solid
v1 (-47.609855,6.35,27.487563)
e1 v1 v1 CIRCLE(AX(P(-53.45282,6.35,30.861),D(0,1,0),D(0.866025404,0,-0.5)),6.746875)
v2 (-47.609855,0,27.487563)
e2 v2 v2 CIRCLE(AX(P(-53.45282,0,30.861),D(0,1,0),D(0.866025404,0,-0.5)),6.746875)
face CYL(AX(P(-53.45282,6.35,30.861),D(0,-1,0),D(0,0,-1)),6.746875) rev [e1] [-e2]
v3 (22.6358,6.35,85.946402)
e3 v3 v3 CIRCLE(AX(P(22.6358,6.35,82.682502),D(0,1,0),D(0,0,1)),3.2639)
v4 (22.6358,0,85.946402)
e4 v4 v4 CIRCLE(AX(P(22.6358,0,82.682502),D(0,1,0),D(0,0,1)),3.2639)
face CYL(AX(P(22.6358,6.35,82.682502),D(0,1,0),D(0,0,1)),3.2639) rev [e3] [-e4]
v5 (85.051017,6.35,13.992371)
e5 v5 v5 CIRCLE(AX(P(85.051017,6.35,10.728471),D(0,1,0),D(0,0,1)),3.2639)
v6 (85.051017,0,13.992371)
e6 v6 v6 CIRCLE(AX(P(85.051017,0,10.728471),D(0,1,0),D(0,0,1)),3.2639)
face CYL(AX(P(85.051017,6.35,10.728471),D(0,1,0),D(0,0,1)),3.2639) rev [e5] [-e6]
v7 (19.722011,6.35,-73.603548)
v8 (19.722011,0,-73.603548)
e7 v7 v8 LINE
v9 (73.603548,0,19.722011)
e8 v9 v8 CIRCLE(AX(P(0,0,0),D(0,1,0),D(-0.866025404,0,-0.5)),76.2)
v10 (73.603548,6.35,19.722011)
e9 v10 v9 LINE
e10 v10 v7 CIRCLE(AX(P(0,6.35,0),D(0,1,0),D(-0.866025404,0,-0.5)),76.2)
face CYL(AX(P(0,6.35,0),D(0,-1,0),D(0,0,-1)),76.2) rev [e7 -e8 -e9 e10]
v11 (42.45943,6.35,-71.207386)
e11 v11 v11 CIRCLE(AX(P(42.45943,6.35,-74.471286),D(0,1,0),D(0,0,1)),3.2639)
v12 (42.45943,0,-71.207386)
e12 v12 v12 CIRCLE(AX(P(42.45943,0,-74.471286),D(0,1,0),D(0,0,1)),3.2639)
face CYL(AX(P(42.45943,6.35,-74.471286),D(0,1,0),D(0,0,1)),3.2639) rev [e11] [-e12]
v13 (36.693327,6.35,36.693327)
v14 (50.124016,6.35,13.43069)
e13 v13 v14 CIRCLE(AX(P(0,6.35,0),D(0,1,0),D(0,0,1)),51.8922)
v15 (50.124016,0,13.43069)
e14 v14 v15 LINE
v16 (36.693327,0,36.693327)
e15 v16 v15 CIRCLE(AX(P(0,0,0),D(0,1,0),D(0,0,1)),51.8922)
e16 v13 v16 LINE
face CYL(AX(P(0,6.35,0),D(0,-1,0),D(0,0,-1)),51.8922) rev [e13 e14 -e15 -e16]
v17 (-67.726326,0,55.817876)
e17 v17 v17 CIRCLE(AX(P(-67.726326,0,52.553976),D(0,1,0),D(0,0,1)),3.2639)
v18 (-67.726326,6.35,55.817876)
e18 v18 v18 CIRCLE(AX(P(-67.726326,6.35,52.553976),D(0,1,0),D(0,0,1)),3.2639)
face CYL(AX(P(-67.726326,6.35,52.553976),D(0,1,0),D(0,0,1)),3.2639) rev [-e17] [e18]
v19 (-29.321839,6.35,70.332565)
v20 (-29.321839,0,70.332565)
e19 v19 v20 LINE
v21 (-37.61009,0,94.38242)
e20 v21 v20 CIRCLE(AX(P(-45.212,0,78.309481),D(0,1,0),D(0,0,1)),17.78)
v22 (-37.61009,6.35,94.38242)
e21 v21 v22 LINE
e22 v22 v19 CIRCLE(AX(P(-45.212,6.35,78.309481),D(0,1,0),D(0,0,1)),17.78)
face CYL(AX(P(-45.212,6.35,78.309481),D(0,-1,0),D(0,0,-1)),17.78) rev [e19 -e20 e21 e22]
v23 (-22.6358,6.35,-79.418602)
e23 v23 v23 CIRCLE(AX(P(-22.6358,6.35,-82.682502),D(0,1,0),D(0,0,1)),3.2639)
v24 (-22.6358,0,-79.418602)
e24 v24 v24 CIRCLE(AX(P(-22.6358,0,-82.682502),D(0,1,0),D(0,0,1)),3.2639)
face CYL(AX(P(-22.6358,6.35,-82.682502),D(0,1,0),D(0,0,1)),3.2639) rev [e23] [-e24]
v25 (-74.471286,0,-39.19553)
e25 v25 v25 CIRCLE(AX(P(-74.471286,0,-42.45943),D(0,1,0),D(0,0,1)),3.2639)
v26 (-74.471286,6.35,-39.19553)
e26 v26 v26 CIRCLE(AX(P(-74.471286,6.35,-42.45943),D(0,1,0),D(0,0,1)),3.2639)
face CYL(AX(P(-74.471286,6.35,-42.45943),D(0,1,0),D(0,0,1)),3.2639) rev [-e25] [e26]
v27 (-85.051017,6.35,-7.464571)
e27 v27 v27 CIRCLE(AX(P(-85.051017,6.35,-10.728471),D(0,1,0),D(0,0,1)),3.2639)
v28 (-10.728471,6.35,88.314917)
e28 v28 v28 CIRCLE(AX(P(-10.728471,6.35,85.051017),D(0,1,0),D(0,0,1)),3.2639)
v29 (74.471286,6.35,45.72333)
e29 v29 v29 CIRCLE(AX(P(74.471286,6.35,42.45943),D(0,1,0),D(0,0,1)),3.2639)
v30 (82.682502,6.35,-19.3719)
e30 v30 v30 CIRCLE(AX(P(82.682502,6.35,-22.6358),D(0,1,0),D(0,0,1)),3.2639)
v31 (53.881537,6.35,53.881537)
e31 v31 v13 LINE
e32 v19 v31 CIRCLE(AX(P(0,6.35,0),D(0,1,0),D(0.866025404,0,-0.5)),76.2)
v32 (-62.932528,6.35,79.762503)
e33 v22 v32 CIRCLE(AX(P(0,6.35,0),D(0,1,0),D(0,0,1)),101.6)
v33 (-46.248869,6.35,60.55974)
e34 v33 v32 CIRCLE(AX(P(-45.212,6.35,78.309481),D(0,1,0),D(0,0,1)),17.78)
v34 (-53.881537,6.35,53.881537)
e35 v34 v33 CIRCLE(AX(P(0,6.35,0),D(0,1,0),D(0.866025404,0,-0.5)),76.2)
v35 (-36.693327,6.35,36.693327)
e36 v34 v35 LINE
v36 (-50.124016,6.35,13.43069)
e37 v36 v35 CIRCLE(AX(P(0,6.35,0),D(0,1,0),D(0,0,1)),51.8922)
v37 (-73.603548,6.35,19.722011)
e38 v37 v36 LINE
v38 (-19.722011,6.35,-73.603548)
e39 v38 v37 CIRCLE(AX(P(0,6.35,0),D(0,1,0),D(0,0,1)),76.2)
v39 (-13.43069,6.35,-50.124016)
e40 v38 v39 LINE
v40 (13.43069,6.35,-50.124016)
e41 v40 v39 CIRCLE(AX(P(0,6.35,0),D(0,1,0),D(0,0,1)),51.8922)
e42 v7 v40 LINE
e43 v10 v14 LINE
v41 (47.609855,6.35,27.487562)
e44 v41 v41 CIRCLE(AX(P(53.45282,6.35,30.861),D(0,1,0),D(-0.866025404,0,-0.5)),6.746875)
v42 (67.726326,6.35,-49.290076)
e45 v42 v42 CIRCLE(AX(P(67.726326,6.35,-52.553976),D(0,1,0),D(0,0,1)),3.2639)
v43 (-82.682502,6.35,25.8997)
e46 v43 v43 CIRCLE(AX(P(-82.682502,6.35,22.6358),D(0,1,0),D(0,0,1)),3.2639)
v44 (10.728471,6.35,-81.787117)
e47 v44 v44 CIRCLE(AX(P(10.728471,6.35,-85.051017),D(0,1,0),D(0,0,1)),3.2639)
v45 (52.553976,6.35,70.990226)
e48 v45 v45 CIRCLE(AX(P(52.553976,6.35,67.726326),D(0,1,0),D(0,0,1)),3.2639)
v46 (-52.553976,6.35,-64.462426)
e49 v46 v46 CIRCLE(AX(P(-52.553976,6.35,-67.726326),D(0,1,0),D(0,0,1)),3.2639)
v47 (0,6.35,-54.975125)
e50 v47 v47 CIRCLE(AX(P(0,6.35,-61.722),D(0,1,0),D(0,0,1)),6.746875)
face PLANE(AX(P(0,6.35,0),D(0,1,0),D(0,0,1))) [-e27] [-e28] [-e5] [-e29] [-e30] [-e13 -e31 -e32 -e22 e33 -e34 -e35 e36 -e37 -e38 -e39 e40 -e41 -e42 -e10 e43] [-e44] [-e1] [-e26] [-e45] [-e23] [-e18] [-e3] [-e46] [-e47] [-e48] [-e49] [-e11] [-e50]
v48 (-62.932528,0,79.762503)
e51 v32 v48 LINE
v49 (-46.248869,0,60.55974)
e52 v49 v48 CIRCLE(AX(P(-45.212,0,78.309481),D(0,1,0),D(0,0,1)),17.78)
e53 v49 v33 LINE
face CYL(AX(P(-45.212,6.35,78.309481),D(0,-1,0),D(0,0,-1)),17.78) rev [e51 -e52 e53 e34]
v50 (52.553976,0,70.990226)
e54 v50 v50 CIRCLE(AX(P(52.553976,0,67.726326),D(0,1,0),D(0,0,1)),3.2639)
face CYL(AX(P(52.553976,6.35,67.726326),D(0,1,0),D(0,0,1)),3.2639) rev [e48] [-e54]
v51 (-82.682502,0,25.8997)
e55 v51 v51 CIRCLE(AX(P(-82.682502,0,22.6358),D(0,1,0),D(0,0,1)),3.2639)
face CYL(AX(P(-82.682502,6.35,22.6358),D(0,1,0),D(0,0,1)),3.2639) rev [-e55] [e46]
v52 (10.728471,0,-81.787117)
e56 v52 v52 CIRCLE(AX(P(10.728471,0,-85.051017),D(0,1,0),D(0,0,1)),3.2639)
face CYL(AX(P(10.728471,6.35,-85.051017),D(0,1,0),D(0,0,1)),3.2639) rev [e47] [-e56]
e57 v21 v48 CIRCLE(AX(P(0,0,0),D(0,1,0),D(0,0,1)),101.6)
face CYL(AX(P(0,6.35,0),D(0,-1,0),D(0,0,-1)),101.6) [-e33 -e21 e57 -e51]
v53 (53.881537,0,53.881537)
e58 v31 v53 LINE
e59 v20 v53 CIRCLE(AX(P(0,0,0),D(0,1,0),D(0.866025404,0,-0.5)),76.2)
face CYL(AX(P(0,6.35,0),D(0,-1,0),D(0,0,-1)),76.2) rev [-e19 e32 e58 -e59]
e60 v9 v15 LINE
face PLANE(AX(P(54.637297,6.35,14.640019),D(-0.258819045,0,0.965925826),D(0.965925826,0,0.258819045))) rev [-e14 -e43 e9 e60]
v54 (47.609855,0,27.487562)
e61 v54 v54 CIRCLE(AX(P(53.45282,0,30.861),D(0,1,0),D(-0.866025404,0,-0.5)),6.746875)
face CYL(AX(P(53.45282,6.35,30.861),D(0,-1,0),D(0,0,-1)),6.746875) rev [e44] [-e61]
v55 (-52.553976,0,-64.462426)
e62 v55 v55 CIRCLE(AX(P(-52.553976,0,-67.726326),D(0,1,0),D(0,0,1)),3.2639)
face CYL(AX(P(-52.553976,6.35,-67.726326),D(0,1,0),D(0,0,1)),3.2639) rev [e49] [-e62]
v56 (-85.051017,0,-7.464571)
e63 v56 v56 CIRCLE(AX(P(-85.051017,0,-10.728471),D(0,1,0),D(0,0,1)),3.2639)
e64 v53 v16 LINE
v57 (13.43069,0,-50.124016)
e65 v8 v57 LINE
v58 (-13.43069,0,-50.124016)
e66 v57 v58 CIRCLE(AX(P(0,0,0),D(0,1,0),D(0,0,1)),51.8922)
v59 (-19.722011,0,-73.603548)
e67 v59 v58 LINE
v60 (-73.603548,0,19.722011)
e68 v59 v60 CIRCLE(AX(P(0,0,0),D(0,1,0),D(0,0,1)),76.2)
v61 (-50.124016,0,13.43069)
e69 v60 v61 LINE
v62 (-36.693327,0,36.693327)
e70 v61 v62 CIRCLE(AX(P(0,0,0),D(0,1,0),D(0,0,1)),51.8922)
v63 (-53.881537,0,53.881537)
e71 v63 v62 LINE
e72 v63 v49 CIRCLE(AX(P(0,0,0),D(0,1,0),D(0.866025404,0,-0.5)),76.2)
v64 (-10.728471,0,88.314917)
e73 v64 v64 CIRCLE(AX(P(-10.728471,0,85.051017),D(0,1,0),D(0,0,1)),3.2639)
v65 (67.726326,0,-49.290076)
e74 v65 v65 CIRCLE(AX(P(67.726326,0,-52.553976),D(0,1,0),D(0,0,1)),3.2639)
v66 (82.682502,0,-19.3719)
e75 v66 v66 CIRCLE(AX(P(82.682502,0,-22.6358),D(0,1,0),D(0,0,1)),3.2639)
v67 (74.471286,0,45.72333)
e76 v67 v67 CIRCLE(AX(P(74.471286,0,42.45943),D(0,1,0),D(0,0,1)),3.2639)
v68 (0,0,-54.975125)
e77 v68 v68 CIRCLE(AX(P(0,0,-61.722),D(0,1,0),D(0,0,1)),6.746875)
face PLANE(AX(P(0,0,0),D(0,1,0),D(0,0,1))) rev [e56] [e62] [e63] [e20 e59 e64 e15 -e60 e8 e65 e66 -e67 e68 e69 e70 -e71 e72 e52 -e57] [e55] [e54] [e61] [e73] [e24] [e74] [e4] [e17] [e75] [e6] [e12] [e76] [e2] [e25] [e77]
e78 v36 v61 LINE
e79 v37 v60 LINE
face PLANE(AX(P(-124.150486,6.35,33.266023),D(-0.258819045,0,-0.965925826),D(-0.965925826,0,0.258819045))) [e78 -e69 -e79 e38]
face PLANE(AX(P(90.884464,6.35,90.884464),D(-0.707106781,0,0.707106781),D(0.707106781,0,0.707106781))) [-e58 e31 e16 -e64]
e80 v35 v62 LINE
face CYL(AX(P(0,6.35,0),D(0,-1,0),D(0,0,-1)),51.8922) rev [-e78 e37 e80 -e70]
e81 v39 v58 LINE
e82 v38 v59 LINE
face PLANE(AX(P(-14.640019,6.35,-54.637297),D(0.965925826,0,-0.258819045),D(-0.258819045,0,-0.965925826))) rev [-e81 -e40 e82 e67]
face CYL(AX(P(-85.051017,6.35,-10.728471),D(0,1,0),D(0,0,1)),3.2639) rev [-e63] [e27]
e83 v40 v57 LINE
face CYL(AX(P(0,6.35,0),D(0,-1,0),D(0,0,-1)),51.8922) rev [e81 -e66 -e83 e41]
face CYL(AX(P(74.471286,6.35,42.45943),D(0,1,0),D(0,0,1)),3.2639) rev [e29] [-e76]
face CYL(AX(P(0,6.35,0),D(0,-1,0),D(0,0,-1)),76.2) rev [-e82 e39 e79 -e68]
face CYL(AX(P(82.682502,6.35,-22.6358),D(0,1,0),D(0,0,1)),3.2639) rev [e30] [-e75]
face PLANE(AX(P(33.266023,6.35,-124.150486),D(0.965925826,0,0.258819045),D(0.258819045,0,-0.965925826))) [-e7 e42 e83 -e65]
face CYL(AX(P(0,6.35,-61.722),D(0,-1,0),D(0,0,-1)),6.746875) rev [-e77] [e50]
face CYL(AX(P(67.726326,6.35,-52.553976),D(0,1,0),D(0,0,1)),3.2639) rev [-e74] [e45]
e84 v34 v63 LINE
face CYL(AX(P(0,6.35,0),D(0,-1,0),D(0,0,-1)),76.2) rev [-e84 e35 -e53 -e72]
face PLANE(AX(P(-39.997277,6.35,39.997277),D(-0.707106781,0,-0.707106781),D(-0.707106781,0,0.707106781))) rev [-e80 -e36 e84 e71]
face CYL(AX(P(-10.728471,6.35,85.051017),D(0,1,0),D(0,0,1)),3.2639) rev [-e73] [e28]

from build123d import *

# Parameters (mm, degrees)
SKETCH1_R          = 101.6
EXTRUDE1_DEPTH     = 6.35
SKETCH3_R          = 51.8922
CUT_EXTRUDE2_DEPTH = 6.35
SKETCH5_R          = 6.746875
CUT_EXTRUDE4_DEPTH = 6.35
CIRPATTERN1_COUNT  = 3
SKETCH16_R         = 17.78
CUT_EXTRUDE5_DEPTH = 6.35
CUT_EXTRUDE9_DEPTH = 6.35
CIRPATTERN2_COUNT  = 3
CIRPATTERN3_COUNT  = 16


with BuildPart() as part:
    # Sketch1 → Extrude1 (new body)
    with BuildSketch(Plane(origin=(0, 0, 0), x_dir=(1, 0, 0), z_dir=(0, 1, 0))):
        with Locations(Location((0, 0, 0), (0, 0, 270))):
            Circle(SKETCH1_R)
    extrude(amount=EXTRUDE1_DEPTH)

    # Sketch3 → Cut-Extrude2 (cut)
    with BuildSketch(Plane(origin=(0, 0, 0), x_dir=(1, 0, 0), z_dir=(0, 1, 0))):
        with Locations(Location((0, 0, 0), (0, 0, 270))):
            Circle(SKETCH3_R)
    extrude(amount=CUT_EXTRUDE2_DEPTH, mode=Mode.SUBTRACT)

    # Sketch5 → Cut-Extrude4 (cut)
    with BuildSketch(Plane(origin=(0, 0, 0), x_dir=(1, 0, 0), z_dir=(0, 1, 0))):
        with Locations(Location((0, 61.722, 0), (0, 0, 270))):
            Circle(SKETCH5_R)
    cut_extrude4 = extrude(amount=CUT_EXTRUDE4_DEPTH, mode=Mode.SUBTRACT)

    # CirPattern1: Cut-Extrude4 ×3 about axis
    cirpattern1_axis = Axis((0, 0, 0), (0, 1, 0))
    for i in range(1, CIRPATTERN1_COUNT):
        add(cut_extrude4.rotate(cirpattern1_axis, i * 360 / CIRPATTERN1_COUNT), mode=Mode.SUBTRACT)

    # Sketch16 → Cut-Extrude5 (cut)
    with BuildSketch(Plane(origin=(0, 0, 0), x_dir=(1, 0, 0), z_dir=(0, 1, 0))):
        with Locations((-45.212, -78.309481112)):
            Circle(SKETCH16_R)
    extrude(amount=CUT_EXTRUDE5_DEPTH, mode=Mode.SUBTRACT)

    # Sketch17 → Cut-Extrude9 (cut)
    with BuildSketch(Plane(origin=(0, 0, 0), x_dir=(1, 0, 0), z_dir=(0, 1, 0))):
        with BuildLine():
            Line((-13.430689652, 50.124016163), (-19.722011237, 73.603547963))
            ThreePointArc((-19.722011237, 73.603547963), (-65.991135768, 38.1), (-73.603547963, -19.722011237))
            Line((-73.603547963, -19.722011237), (-50.124016163, -13.430689652))
            ThreePointArc((-50.124016163, -13.430689652), (-44.939963458, 25.9461), (-13.430689652, 50.124016163))
        make_face()
    cut_extrude9 = extrude(amount=CUT_EXTRUDE9_DEPTH, mode=Mode.SUBTRACT)

    # CirPattern2: Cut-Extrude9 ×3 about axis
    cirpattern2_axis = Axis((0, 0, 0), (0, 1, 0))
    for i in range(1, CIRPATTERN2_COUNT):
        add(cut_extrude9.rotate(cirpattern2_axis, i * 360 / CIRPATTERN2_COUNT), mode=Mode.SUBTRACT)

    # Sketch23 → F (0.257) Diameter Hole1 (revolve, cut)
    with BuildSketch(Plane(origin=(42.459430359, 6.35, -74.471285732), x_dir=(0, 0, 1), z_dir=(1, 0, 0))):
        Polygon((0, 0), (0, 60.381148974), (3.2639, 58.42), (3.2639, 0), align=None)
    f_0_257_diameter_hole1 = revolve(axis=Axis((42.459430359, 12.7, -74.471285732), (0, -1, 0)), mode=Mode.SUBTRACT)

    # CirPattern3: F (0.257) Diameter Hole1 ×16 about axis, 1 skipped
    cirpattern3_axis = Axis((0, 0, 0), (0, 1, 0))
    add([f_0_257_diameter_hole1.rotate(cirpattern3_axis, i * 360 / CIRPATTERN3_COUNT) for i in range(1, CIRPATTERN3_COUNT) if i not in (8,)], mode=Mode.SUBTRACT)


solid = part.part
